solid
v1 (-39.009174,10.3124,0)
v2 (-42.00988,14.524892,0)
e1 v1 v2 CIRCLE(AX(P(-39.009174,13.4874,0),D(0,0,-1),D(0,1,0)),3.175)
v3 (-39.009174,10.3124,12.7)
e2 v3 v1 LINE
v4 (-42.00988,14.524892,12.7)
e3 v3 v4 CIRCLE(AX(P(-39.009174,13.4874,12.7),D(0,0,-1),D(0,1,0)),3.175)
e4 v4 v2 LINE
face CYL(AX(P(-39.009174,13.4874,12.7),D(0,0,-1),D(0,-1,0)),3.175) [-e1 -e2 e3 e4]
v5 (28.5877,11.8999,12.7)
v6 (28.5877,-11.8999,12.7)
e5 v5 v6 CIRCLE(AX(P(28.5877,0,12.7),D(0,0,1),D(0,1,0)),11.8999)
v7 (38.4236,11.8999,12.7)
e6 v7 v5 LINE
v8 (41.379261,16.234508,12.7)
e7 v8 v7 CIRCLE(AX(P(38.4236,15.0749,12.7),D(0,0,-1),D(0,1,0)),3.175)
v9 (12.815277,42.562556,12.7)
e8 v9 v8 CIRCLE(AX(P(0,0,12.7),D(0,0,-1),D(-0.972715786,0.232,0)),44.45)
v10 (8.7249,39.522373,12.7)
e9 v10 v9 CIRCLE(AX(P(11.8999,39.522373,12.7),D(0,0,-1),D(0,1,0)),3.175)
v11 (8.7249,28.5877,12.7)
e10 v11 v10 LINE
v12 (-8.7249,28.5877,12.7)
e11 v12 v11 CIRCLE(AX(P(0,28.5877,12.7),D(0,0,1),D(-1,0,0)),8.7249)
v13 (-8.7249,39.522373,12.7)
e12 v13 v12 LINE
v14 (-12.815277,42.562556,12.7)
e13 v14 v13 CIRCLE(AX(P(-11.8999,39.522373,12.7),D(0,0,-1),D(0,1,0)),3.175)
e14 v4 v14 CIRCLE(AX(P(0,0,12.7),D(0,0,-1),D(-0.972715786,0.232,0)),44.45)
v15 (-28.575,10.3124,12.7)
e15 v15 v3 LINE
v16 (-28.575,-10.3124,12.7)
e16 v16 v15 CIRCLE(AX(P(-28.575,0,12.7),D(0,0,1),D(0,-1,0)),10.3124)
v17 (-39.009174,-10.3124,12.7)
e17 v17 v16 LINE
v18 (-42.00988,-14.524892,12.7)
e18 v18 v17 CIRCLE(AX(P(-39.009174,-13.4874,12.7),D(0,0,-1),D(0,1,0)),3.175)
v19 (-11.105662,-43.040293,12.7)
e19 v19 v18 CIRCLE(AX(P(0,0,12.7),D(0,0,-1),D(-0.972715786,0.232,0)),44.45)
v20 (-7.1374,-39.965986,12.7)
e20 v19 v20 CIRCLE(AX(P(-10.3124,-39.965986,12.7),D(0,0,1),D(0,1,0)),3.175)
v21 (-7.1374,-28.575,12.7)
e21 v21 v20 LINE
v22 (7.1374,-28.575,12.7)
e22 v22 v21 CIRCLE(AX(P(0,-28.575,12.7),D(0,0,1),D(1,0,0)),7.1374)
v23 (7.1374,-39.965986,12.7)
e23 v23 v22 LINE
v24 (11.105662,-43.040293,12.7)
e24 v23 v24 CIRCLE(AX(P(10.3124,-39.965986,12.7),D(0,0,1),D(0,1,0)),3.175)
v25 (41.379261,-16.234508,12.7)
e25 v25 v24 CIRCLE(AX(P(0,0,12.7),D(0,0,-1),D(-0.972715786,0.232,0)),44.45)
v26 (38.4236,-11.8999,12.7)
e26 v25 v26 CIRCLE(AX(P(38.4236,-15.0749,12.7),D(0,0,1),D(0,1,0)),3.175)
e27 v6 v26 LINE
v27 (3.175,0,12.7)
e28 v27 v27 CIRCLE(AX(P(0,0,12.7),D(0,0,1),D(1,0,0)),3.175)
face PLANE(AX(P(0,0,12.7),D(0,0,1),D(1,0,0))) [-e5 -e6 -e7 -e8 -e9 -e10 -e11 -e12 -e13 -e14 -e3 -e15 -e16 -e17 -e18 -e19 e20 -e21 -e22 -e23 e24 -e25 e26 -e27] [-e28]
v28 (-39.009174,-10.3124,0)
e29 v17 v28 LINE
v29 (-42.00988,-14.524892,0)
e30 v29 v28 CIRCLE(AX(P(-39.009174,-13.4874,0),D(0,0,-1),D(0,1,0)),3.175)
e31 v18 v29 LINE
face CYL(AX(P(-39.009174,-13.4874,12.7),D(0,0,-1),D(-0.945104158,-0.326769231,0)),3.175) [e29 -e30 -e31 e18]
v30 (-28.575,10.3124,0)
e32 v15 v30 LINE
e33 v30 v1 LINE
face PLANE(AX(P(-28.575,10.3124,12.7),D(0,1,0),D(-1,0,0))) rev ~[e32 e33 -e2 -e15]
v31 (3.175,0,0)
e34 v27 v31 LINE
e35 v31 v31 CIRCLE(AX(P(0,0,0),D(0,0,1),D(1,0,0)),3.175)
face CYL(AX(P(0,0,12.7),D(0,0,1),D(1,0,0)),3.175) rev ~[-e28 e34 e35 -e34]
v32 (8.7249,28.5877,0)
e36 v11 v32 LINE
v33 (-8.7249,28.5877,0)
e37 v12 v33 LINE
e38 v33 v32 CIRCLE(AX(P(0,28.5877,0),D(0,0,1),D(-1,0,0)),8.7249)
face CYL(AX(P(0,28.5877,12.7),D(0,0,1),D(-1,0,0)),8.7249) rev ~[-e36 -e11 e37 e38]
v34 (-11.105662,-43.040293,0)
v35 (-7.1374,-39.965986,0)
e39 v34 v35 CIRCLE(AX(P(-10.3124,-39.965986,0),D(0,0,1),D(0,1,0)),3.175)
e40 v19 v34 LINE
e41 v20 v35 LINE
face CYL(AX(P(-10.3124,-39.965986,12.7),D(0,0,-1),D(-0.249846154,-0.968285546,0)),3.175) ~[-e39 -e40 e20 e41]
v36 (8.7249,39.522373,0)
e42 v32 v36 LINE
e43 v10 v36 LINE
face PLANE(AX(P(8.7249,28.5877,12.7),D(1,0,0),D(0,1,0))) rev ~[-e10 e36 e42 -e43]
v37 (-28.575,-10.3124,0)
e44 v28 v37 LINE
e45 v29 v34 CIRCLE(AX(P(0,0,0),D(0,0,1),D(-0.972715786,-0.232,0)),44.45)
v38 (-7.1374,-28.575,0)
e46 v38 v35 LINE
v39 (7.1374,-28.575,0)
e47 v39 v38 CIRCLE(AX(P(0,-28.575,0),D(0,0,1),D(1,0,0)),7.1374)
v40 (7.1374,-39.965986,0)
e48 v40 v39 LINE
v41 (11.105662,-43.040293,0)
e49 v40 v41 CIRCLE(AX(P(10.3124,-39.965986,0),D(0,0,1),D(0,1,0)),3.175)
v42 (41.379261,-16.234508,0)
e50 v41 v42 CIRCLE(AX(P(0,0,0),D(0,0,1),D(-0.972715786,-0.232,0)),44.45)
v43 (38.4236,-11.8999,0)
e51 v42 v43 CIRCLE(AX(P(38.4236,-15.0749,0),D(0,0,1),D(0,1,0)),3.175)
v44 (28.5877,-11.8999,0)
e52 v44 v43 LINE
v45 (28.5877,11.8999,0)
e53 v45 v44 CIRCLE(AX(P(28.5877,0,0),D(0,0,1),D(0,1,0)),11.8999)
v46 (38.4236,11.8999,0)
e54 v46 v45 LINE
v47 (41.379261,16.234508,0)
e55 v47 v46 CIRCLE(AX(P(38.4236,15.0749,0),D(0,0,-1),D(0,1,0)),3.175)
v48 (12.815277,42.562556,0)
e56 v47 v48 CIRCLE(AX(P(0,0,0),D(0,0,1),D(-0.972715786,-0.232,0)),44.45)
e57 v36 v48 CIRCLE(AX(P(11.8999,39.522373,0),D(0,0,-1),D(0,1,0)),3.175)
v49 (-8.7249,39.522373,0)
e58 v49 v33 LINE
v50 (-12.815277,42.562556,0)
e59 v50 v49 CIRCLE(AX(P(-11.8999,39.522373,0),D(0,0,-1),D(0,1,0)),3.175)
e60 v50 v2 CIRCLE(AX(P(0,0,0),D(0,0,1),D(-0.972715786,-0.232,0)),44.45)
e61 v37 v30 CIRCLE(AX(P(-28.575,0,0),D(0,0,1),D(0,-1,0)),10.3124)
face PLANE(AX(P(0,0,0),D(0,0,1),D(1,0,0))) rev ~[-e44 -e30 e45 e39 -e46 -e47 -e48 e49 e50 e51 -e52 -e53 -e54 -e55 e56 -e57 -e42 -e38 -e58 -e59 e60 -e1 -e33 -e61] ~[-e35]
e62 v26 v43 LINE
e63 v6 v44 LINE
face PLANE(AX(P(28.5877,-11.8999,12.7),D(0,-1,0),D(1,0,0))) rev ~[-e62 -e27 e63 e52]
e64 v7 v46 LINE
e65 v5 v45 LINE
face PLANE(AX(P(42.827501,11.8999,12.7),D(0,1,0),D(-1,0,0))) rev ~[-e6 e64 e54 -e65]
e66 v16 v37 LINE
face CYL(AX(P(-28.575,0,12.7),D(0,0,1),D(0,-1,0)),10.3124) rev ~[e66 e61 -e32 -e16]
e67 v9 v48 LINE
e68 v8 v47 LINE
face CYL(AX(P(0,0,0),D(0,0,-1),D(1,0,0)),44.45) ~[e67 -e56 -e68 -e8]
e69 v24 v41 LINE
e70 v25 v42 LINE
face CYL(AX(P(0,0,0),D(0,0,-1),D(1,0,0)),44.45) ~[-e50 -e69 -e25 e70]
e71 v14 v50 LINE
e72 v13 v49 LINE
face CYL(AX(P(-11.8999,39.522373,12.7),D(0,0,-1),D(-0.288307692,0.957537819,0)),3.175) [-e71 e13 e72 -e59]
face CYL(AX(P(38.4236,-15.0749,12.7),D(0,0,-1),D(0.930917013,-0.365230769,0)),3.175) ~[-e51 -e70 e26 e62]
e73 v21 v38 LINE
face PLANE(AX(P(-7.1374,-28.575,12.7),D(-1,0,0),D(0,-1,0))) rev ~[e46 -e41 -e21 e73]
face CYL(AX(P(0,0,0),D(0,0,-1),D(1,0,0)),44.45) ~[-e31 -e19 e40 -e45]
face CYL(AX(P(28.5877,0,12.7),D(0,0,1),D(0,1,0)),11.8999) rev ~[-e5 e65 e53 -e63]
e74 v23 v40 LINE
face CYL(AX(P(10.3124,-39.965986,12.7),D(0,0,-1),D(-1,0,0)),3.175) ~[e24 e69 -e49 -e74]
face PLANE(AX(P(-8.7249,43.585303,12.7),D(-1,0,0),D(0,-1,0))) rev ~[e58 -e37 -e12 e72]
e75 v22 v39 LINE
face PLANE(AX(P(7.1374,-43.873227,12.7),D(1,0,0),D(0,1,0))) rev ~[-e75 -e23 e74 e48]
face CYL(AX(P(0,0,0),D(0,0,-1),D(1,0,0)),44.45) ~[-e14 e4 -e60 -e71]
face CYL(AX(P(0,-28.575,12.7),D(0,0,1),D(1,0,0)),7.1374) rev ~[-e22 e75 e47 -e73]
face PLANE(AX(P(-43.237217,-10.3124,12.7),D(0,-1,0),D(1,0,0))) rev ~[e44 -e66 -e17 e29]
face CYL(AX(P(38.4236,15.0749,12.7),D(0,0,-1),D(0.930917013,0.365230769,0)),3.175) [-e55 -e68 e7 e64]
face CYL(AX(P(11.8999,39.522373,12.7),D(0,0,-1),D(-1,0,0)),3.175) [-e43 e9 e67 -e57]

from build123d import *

# Parameters (mm, degrees)
F0_R      = 44.45
F1_DEPTH  = 12.7
F3_DEPTH  = 12.7
F5_DEPTH  = 12.7
F7_DEPTH  = 25.4
F9_DEPTH  = 12.7
F10_R     = 3.175
F11_DEPTH = 12.7
F12_R     = 3.175


with BuildPart() as f1:
    # F0 (on Top) → F1 (new body)
    with BuildSketch(Plane.XY):
        Circle(F0_R)
    extrude(amount=F1_DEPTH)

    # F2 (on face) → F3 (cut)
    with BuildSketch(Plane.XY.offset(12.7)):
        with BuildLine():
            ThreePointArc((-28.575, -10.3124), (-18.2626, 0), (-28.575, 10.3124))
            Line((-28.575, 10.3124), (-43.2372166801, 10.3124))
            ThreePointArc((-43.2372166801, 10.3124), (-44.45, 0), (-43.2372166801, -10.3124))
            Line((-43.2372166801, -10.3124), (-28.575, -10.3124))
        make_face()
    extrude(amount=-F3_DEPTH, mode=Mode.SUBTRACT)

    # F4 (on face) → F5 (cut)
    with BuildSketch(Plane.XY.offset(12.7)):
        with BuildLine():
            Line((42.8275014446, 11.8999), (28.5877, 11.8999))
            ThreePointArc((28.5877, 11.8999), (16.6878, 0), (28.5877, -11.8999))
            Line((28.5877, -11.8999), (42.8275014446, -11.8999))
            ThreePointArc((42.8275014446, -11.8999), (44.45, 0), (42.8275014446, 11.8999))
        make_face()
    extrude(amount=-F5_DEPTH, mode=Mode.SUBTRACT)

    # F6 (on face) → F7 (cut)
    with BuildSketch(Plane.XY.offset(12.7)):
        with BuildLine():
            Line((-8.7249, 43.585302798), (-8.7249, 28.5877))
            ThreePointArc((-8.7249, 28.5877), (0, 19.8628), (8.7249, 28.5877))
            Line((8.7249, 28.5877), (8.7249, 43.585302798))
            ThreePointArc((8.7249, 43.585302798), (0, 44.45), (-8.7249, 43.585302798))
        make_face()
    extrude(amount=-F7_DEPTH, mode=Mode.SUBTRACT)

    # F8 (on face) → F9 (cut)
    with BuildSketch(Plane.XY.offset(12.7)):
        with BuildLine():
            ThreePointArc((7.1374, -28.575), (0, -21.4376), (-7.1374, -28.575))
            Line((-7.1374, -28.575), (-7.1374, -43.8732267019))
            ThreePointArc((-7.1374, -43.8732267019), (0, -44.45), (7.1374, -43.8732267019))
            Line((7.1374, -43.8732267019), (7.1374, -28.575))
        make_face()
    extrude(amount=-F9_DEPTH, mode=Mode.SUBTRACT)

    # F10 (on face) → F11 (cut, through all)
    with BuildSketch(Plane.XY.offset(12.7)):
        Circle(F10_R)
    extrude(amount=-F11_DEPTH, mode=Mode.SUBTRACT)

    # F12
    f12_edges = [f1.edges().sort_by_distance(p)[0] for p in [
        (42.827501, -11.8999, 6.35),
        (42.827501, 11.8999, 6.35),
        (8.7249, 43.585303, 6.35),
        (-8.7249, 43.585303, 6.35),
        (7.1374, -43.873227, 6.35),
        (-7.1374, -43.873227, 6.35),
        (-43.237217, -10.3124, 6.35),
        (-43.237217, 10.3124, 6.35),
    ]]
    fillet(f12_edges, radius=F12_R)


solid = f1.part
